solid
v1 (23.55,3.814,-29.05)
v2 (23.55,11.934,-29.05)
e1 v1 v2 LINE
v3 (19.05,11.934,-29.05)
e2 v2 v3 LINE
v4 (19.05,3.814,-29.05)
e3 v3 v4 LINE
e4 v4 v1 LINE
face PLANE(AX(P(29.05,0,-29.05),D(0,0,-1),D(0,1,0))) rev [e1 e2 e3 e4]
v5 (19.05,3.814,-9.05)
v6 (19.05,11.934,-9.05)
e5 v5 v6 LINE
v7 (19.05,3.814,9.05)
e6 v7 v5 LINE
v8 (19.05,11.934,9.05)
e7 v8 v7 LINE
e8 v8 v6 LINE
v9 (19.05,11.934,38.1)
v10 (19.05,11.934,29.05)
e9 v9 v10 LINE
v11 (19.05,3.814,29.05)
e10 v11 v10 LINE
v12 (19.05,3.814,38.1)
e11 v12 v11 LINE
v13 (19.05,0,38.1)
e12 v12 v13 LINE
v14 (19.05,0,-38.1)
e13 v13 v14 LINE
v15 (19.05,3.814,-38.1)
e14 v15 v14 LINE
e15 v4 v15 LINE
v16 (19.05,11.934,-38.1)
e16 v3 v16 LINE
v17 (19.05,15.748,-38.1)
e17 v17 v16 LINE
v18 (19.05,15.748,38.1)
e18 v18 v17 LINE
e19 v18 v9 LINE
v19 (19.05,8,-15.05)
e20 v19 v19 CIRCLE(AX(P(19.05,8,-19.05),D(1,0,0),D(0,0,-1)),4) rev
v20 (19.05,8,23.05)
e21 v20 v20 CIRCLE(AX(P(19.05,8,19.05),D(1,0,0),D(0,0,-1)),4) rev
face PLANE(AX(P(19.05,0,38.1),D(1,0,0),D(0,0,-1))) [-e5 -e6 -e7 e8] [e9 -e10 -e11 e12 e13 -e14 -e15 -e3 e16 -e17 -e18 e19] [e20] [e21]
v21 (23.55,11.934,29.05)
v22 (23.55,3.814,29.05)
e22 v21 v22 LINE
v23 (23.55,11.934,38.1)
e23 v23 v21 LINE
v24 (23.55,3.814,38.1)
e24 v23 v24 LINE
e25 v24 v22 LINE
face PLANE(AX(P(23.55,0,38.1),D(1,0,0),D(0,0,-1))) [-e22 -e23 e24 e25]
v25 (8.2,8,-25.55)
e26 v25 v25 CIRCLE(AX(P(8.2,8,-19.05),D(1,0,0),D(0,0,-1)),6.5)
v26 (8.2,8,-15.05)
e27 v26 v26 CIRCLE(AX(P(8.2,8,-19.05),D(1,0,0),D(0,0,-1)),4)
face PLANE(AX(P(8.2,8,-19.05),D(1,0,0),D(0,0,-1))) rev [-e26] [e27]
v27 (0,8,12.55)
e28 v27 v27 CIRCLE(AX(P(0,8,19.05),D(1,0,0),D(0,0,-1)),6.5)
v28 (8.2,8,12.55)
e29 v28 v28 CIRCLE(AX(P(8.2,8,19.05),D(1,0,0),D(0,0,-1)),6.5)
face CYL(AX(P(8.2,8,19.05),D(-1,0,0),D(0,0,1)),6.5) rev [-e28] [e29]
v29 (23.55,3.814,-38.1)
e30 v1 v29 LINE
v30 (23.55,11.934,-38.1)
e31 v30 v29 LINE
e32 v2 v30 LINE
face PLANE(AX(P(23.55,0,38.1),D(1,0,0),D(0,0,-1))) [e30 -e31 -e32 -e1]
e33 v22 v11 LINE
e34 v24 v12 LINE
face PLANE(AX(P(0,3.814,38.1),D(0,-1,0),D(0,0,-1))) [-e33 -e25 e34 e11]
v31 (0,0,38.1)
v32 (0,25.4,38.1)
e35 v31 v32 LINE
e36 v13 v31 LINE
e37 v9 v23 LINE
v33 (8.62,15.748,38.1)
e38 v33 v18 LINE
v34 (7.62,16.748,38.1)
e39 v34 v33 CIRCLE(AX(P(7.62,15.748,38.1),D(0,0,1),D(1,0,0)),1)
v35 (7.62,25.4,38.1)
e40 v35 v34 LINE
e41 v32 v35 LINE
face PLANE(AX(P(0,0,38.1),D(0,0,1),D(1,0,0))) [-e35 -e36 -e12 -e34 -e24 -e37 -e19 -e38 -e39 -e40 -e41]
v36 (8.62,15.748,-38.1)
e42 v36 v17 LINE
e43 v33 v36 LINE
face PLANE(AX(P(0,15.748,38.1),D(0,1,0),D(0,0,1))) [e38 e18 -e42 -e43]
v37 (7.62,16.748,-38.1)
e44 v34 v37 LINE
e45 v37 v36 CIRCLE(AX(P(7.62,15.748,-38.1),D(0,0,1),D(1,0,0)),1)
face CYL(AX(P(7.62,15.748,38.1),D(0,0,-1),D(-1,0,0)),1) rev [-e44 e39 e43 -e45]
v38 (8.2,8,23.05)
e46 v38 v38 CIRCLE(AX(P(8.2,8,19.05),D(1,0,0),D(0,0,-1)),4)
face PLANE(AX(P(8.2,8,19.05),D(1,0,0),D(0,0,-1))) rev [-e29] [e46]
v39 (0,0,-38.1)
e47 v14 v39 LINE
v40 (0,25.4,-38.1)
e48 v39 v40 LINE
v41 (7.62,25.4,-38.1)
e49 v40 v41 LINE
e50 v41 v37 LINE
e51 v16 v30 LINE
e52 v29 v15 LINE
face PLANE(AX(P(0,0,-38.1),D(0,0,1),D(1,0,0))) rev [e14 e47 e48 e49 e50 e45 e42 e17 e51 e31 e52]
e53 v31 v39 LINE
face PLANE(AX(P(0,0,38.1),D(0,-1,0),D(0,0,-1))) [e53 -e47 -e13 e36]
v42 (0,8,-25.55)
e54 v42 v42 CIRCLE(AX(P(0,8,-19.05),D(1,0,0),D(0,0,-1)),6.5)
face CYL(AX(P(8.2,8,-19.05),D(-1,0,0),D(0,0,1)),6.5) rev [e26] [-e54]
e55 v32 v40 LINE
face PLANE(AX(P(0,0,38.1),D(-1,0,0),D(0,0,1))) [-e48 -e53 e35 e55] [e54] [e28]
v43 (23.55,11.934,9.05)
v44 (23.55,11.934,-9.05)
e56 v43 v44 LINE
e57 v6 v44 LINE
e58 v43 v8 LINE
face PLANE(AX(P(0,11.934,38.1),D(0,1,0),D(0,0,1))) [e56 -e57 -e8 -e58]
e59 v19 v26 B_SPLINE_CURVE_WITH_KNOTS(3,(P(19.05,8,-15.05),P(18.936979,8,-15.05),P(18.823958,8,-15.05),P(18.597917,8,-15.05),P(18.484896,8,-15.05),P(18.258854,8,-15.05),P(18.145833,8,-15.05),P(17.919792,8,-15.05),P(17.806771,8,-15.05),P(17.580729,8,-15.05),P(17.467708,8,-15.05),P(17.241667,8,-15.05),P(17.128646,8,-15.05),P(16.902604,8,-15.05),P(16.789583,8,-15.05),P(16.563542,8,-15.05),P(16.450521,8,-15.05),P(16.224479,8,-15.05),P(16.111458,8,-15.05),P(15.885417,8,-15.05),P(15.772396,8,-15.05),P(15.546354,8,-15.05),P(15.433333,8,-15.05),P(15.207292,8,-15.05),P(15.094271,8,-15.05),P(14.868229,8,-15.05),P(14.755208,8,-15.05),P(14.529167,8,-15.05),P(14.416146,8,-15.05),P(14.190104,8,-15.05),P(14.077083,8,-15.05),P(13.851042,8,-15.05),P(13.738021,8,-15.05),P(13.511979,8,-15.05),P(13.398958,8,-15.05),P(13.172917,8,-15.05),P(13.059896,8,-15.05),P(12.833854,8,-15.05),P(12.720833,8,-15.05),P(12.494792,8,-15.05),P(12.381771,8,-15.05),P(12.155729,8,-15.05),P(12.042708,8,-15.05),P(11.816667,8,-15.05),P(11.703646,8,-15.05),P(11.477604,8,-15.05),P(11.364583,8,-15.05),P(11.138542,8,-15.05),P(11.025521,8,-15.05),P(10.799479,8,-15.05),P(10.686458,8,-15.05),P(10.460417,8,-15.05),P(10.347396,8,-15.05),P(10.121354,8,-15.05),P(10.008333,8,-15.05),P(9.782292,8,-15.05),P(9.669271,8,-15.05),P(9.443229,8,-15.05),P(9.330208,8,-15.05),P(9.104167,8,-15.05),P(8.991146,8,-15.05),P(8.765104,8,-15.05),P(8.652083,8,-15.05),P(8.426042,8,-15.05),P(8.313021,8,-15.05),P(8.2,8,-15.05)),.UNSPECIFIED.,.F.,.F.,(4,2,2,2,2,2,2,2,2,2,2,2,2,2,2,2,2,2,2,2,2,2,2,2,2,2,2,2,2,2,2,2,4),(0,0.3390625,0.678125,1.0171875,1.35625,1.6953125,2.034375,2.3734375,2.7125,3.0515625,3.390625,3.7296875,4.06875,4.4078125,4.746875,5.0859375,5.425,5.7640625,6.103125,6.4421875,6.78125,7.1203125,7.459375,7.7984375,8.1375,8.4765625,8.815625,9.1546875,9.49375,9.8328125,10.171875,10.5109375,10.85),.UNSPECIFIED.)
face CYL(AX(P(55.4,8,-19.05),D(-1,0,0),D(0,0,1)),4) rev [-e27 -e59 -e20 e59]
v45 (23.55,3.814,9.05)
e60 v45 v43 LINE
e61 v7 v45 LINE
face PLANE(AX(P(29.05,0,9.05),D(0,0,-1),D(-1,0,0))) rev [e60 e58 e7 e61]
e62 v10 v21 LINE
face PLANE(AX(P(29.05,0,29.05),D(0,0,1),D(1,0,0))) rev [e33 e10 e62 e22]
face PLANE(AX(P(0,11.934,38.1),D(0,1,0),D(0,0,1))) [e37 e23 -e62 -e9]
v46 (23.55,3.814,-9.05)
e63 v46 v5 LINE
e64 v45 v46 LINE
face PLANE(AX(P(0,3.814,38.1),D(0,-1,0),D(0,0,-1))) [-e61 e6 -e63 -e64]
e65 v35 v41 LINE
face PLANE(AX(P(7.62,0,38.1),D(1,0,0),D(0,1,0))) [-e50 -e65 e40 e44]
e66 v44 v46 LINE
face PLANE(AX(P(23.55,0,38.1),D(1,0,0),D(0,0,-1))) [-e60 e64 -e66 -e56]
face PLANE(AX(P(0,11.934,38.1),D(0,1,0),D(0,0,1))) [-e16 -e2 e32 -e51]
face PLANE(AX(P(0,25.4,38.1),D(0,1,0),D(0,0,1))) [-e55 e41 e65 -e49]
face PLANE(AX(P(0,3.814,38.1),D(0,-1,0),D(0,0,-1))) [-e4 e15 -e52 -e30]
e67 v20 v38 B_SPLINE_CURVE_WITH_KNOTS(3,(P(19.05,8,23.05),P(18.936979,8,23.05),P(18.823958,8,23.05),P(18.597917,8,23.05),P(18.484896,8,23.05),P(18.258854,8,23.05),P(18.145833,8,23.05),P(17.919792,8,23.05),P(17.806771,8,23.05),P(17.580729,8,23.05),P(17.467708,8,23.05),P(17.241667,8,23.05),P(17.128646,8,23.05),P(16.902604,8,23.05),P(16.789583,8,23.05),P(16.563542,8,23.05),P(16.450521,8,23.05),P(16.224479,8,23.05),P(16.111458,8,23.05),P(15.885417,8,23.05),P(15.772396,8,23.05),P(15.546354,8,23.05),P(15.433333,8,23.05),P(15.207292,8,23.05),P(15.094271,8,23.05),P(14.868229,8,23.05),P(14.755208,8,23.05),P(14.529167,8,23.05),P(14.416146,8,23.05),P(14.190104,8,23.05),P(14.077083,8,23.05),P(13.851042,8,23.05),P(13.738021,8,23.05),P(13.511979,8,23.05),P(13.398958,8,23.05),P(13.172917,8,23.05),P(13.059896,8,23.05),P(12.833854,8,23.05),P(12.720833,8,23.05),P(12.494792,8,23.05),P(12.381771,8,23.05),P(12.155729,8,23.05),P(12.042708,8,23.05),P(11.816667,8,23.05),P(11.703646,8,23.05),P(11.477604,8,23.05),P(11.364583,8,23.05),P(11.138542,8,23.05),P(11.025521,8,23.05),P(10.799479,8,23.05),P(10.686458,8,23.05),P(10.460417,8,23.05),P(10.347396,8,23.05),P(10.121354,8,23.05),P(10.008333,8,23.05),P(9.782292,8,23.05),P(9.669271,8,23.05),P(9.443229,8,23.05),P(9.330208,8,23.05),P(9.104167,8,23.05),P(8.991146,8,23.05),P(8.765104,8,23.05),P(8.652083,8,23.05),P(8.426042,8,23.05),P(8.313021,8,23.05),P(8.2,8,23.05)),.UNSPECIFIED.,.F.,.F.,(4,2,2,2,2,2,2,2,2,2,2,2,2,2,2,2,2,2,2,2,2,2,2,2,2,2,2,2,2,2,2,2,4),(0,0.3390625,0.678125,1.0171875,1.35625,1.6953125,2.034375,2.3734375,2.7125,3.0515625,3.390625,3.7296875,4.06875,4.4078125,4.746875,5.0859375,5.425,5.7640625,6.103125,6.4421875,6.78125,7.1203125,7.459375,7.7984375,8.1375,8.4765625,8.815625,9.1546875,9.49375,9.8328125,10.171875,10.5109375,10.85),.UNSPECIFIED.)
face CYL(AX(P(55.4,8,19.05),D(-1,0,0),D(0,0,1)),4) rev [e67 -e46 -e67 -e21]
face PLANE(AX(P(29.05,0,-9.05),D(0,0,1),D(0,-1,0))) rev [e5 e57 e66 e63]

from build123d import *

# Parameters (mm, degrees)
BOSS_EXTRUDE1_DEPTH      = 38.1
BOSS_EXTRUDE1_DEPTH_BACK = 38.1
SKETCH1_W                = 4.5
SKETCH1_H                = 8.12
SKETCH2_R                = 4
CUT_EXTRUDE1_DEPTH       = 55.4
SKETCH3_R                = 6.5
CUT_EXTRUDE2_DEPTH       = 8.2
CUT_EXTRUDE3_START       = 19.05
SKETCH4_W                = 20
SKETCH4_H                = 15
CUT_EXTRUDE3_DEPTH       = 10


with BuildPart() as part:
    # Sketch1 → Boss-Extrude1 (new, two sides: drawn at the far end of the back side and taken through both)
    with BuildSketch(Plane.XY.offset(-BOSS_EXTRUDE1_DEPTH_BACK)):
        with BuildLine():
            ThreePointArc((7.62, 16.748), (6.912893219, 15.040893219), (8.62, 15.748))
            Line((8.62, 15.748), (19.05, 15.748))
            Line((19.05, 15.748), (19.05, 0))
            Line((19.05, 0), (0, 0))
            Line((0, 0), (0, 25.4))
            Line((0, 25.4), (7.62, 25.4))
            Line((7.62, 25.4), (7.62, 16.748))
        make_face()
        with Locations((21.3, 7.874)):
            Rectangle(SKETCH1_W, SKETCH1_H)
    extrude(amount=BOSS_EXTRUDE1_DEPTH + BOSS_EXTRUDE1_DEPTH_BACK)

    # Sketch2 → Cut-Extrude1 (cut)
    with BuildSketch(Plane(origin=(0, 0, 0), x_dir=(0, 0, -1), z_dir=(1, 0, 0))):
        with Locations(Location((-19.05, 8, 0), (0, 0, 100.422660027))):
            Circle(SKETCH2_R)
        with Locations(Location((19.05, 8, 0), (0, 0, 100.422660027))):
            Circle(SKETCH2_R)
    extrude(amount=CUT_EXTRUDE1_DEPTH, mode=Mode.SUBTRACT)

    # Sketch3 → Cut-Extrude2 (cut)
    with BuildSketch(Plane(origin=(0, 0, 0), x_dir=(0, 0, -1), z_dir=(1, 0, 0))):
        with Locations((-19.05, 8)):
            Circle(SKETCH3_R)
        with Locations((19.05, 8)):
            Circle(SKETCH3_R)
    extrude(amount=CUT_EXTRUDE2_DEPTH, mode=Mode.SUBTRACT)

    # Sketch4 → Cut-Extrude3 (cut)
    with BuildSketch(Plane(origin=(0, 0, 0), x_dir=(0, 0, -1), z_dir=(1, 0, 0)).offset(CUT_EXTRUDE3_START)):
        with Locations((-19.05, 8)):
            Rectangle(SKETCH4_W, SKETCH4_H)
        with Locations((19.05, 8)):
            Rectangle(SKETCH4_W, SKETCH4_H)
    extrude(amount=CUT_EXTRUDE3_DEPTH, mode=Mode.SUBTRACT)


solid = part.part
